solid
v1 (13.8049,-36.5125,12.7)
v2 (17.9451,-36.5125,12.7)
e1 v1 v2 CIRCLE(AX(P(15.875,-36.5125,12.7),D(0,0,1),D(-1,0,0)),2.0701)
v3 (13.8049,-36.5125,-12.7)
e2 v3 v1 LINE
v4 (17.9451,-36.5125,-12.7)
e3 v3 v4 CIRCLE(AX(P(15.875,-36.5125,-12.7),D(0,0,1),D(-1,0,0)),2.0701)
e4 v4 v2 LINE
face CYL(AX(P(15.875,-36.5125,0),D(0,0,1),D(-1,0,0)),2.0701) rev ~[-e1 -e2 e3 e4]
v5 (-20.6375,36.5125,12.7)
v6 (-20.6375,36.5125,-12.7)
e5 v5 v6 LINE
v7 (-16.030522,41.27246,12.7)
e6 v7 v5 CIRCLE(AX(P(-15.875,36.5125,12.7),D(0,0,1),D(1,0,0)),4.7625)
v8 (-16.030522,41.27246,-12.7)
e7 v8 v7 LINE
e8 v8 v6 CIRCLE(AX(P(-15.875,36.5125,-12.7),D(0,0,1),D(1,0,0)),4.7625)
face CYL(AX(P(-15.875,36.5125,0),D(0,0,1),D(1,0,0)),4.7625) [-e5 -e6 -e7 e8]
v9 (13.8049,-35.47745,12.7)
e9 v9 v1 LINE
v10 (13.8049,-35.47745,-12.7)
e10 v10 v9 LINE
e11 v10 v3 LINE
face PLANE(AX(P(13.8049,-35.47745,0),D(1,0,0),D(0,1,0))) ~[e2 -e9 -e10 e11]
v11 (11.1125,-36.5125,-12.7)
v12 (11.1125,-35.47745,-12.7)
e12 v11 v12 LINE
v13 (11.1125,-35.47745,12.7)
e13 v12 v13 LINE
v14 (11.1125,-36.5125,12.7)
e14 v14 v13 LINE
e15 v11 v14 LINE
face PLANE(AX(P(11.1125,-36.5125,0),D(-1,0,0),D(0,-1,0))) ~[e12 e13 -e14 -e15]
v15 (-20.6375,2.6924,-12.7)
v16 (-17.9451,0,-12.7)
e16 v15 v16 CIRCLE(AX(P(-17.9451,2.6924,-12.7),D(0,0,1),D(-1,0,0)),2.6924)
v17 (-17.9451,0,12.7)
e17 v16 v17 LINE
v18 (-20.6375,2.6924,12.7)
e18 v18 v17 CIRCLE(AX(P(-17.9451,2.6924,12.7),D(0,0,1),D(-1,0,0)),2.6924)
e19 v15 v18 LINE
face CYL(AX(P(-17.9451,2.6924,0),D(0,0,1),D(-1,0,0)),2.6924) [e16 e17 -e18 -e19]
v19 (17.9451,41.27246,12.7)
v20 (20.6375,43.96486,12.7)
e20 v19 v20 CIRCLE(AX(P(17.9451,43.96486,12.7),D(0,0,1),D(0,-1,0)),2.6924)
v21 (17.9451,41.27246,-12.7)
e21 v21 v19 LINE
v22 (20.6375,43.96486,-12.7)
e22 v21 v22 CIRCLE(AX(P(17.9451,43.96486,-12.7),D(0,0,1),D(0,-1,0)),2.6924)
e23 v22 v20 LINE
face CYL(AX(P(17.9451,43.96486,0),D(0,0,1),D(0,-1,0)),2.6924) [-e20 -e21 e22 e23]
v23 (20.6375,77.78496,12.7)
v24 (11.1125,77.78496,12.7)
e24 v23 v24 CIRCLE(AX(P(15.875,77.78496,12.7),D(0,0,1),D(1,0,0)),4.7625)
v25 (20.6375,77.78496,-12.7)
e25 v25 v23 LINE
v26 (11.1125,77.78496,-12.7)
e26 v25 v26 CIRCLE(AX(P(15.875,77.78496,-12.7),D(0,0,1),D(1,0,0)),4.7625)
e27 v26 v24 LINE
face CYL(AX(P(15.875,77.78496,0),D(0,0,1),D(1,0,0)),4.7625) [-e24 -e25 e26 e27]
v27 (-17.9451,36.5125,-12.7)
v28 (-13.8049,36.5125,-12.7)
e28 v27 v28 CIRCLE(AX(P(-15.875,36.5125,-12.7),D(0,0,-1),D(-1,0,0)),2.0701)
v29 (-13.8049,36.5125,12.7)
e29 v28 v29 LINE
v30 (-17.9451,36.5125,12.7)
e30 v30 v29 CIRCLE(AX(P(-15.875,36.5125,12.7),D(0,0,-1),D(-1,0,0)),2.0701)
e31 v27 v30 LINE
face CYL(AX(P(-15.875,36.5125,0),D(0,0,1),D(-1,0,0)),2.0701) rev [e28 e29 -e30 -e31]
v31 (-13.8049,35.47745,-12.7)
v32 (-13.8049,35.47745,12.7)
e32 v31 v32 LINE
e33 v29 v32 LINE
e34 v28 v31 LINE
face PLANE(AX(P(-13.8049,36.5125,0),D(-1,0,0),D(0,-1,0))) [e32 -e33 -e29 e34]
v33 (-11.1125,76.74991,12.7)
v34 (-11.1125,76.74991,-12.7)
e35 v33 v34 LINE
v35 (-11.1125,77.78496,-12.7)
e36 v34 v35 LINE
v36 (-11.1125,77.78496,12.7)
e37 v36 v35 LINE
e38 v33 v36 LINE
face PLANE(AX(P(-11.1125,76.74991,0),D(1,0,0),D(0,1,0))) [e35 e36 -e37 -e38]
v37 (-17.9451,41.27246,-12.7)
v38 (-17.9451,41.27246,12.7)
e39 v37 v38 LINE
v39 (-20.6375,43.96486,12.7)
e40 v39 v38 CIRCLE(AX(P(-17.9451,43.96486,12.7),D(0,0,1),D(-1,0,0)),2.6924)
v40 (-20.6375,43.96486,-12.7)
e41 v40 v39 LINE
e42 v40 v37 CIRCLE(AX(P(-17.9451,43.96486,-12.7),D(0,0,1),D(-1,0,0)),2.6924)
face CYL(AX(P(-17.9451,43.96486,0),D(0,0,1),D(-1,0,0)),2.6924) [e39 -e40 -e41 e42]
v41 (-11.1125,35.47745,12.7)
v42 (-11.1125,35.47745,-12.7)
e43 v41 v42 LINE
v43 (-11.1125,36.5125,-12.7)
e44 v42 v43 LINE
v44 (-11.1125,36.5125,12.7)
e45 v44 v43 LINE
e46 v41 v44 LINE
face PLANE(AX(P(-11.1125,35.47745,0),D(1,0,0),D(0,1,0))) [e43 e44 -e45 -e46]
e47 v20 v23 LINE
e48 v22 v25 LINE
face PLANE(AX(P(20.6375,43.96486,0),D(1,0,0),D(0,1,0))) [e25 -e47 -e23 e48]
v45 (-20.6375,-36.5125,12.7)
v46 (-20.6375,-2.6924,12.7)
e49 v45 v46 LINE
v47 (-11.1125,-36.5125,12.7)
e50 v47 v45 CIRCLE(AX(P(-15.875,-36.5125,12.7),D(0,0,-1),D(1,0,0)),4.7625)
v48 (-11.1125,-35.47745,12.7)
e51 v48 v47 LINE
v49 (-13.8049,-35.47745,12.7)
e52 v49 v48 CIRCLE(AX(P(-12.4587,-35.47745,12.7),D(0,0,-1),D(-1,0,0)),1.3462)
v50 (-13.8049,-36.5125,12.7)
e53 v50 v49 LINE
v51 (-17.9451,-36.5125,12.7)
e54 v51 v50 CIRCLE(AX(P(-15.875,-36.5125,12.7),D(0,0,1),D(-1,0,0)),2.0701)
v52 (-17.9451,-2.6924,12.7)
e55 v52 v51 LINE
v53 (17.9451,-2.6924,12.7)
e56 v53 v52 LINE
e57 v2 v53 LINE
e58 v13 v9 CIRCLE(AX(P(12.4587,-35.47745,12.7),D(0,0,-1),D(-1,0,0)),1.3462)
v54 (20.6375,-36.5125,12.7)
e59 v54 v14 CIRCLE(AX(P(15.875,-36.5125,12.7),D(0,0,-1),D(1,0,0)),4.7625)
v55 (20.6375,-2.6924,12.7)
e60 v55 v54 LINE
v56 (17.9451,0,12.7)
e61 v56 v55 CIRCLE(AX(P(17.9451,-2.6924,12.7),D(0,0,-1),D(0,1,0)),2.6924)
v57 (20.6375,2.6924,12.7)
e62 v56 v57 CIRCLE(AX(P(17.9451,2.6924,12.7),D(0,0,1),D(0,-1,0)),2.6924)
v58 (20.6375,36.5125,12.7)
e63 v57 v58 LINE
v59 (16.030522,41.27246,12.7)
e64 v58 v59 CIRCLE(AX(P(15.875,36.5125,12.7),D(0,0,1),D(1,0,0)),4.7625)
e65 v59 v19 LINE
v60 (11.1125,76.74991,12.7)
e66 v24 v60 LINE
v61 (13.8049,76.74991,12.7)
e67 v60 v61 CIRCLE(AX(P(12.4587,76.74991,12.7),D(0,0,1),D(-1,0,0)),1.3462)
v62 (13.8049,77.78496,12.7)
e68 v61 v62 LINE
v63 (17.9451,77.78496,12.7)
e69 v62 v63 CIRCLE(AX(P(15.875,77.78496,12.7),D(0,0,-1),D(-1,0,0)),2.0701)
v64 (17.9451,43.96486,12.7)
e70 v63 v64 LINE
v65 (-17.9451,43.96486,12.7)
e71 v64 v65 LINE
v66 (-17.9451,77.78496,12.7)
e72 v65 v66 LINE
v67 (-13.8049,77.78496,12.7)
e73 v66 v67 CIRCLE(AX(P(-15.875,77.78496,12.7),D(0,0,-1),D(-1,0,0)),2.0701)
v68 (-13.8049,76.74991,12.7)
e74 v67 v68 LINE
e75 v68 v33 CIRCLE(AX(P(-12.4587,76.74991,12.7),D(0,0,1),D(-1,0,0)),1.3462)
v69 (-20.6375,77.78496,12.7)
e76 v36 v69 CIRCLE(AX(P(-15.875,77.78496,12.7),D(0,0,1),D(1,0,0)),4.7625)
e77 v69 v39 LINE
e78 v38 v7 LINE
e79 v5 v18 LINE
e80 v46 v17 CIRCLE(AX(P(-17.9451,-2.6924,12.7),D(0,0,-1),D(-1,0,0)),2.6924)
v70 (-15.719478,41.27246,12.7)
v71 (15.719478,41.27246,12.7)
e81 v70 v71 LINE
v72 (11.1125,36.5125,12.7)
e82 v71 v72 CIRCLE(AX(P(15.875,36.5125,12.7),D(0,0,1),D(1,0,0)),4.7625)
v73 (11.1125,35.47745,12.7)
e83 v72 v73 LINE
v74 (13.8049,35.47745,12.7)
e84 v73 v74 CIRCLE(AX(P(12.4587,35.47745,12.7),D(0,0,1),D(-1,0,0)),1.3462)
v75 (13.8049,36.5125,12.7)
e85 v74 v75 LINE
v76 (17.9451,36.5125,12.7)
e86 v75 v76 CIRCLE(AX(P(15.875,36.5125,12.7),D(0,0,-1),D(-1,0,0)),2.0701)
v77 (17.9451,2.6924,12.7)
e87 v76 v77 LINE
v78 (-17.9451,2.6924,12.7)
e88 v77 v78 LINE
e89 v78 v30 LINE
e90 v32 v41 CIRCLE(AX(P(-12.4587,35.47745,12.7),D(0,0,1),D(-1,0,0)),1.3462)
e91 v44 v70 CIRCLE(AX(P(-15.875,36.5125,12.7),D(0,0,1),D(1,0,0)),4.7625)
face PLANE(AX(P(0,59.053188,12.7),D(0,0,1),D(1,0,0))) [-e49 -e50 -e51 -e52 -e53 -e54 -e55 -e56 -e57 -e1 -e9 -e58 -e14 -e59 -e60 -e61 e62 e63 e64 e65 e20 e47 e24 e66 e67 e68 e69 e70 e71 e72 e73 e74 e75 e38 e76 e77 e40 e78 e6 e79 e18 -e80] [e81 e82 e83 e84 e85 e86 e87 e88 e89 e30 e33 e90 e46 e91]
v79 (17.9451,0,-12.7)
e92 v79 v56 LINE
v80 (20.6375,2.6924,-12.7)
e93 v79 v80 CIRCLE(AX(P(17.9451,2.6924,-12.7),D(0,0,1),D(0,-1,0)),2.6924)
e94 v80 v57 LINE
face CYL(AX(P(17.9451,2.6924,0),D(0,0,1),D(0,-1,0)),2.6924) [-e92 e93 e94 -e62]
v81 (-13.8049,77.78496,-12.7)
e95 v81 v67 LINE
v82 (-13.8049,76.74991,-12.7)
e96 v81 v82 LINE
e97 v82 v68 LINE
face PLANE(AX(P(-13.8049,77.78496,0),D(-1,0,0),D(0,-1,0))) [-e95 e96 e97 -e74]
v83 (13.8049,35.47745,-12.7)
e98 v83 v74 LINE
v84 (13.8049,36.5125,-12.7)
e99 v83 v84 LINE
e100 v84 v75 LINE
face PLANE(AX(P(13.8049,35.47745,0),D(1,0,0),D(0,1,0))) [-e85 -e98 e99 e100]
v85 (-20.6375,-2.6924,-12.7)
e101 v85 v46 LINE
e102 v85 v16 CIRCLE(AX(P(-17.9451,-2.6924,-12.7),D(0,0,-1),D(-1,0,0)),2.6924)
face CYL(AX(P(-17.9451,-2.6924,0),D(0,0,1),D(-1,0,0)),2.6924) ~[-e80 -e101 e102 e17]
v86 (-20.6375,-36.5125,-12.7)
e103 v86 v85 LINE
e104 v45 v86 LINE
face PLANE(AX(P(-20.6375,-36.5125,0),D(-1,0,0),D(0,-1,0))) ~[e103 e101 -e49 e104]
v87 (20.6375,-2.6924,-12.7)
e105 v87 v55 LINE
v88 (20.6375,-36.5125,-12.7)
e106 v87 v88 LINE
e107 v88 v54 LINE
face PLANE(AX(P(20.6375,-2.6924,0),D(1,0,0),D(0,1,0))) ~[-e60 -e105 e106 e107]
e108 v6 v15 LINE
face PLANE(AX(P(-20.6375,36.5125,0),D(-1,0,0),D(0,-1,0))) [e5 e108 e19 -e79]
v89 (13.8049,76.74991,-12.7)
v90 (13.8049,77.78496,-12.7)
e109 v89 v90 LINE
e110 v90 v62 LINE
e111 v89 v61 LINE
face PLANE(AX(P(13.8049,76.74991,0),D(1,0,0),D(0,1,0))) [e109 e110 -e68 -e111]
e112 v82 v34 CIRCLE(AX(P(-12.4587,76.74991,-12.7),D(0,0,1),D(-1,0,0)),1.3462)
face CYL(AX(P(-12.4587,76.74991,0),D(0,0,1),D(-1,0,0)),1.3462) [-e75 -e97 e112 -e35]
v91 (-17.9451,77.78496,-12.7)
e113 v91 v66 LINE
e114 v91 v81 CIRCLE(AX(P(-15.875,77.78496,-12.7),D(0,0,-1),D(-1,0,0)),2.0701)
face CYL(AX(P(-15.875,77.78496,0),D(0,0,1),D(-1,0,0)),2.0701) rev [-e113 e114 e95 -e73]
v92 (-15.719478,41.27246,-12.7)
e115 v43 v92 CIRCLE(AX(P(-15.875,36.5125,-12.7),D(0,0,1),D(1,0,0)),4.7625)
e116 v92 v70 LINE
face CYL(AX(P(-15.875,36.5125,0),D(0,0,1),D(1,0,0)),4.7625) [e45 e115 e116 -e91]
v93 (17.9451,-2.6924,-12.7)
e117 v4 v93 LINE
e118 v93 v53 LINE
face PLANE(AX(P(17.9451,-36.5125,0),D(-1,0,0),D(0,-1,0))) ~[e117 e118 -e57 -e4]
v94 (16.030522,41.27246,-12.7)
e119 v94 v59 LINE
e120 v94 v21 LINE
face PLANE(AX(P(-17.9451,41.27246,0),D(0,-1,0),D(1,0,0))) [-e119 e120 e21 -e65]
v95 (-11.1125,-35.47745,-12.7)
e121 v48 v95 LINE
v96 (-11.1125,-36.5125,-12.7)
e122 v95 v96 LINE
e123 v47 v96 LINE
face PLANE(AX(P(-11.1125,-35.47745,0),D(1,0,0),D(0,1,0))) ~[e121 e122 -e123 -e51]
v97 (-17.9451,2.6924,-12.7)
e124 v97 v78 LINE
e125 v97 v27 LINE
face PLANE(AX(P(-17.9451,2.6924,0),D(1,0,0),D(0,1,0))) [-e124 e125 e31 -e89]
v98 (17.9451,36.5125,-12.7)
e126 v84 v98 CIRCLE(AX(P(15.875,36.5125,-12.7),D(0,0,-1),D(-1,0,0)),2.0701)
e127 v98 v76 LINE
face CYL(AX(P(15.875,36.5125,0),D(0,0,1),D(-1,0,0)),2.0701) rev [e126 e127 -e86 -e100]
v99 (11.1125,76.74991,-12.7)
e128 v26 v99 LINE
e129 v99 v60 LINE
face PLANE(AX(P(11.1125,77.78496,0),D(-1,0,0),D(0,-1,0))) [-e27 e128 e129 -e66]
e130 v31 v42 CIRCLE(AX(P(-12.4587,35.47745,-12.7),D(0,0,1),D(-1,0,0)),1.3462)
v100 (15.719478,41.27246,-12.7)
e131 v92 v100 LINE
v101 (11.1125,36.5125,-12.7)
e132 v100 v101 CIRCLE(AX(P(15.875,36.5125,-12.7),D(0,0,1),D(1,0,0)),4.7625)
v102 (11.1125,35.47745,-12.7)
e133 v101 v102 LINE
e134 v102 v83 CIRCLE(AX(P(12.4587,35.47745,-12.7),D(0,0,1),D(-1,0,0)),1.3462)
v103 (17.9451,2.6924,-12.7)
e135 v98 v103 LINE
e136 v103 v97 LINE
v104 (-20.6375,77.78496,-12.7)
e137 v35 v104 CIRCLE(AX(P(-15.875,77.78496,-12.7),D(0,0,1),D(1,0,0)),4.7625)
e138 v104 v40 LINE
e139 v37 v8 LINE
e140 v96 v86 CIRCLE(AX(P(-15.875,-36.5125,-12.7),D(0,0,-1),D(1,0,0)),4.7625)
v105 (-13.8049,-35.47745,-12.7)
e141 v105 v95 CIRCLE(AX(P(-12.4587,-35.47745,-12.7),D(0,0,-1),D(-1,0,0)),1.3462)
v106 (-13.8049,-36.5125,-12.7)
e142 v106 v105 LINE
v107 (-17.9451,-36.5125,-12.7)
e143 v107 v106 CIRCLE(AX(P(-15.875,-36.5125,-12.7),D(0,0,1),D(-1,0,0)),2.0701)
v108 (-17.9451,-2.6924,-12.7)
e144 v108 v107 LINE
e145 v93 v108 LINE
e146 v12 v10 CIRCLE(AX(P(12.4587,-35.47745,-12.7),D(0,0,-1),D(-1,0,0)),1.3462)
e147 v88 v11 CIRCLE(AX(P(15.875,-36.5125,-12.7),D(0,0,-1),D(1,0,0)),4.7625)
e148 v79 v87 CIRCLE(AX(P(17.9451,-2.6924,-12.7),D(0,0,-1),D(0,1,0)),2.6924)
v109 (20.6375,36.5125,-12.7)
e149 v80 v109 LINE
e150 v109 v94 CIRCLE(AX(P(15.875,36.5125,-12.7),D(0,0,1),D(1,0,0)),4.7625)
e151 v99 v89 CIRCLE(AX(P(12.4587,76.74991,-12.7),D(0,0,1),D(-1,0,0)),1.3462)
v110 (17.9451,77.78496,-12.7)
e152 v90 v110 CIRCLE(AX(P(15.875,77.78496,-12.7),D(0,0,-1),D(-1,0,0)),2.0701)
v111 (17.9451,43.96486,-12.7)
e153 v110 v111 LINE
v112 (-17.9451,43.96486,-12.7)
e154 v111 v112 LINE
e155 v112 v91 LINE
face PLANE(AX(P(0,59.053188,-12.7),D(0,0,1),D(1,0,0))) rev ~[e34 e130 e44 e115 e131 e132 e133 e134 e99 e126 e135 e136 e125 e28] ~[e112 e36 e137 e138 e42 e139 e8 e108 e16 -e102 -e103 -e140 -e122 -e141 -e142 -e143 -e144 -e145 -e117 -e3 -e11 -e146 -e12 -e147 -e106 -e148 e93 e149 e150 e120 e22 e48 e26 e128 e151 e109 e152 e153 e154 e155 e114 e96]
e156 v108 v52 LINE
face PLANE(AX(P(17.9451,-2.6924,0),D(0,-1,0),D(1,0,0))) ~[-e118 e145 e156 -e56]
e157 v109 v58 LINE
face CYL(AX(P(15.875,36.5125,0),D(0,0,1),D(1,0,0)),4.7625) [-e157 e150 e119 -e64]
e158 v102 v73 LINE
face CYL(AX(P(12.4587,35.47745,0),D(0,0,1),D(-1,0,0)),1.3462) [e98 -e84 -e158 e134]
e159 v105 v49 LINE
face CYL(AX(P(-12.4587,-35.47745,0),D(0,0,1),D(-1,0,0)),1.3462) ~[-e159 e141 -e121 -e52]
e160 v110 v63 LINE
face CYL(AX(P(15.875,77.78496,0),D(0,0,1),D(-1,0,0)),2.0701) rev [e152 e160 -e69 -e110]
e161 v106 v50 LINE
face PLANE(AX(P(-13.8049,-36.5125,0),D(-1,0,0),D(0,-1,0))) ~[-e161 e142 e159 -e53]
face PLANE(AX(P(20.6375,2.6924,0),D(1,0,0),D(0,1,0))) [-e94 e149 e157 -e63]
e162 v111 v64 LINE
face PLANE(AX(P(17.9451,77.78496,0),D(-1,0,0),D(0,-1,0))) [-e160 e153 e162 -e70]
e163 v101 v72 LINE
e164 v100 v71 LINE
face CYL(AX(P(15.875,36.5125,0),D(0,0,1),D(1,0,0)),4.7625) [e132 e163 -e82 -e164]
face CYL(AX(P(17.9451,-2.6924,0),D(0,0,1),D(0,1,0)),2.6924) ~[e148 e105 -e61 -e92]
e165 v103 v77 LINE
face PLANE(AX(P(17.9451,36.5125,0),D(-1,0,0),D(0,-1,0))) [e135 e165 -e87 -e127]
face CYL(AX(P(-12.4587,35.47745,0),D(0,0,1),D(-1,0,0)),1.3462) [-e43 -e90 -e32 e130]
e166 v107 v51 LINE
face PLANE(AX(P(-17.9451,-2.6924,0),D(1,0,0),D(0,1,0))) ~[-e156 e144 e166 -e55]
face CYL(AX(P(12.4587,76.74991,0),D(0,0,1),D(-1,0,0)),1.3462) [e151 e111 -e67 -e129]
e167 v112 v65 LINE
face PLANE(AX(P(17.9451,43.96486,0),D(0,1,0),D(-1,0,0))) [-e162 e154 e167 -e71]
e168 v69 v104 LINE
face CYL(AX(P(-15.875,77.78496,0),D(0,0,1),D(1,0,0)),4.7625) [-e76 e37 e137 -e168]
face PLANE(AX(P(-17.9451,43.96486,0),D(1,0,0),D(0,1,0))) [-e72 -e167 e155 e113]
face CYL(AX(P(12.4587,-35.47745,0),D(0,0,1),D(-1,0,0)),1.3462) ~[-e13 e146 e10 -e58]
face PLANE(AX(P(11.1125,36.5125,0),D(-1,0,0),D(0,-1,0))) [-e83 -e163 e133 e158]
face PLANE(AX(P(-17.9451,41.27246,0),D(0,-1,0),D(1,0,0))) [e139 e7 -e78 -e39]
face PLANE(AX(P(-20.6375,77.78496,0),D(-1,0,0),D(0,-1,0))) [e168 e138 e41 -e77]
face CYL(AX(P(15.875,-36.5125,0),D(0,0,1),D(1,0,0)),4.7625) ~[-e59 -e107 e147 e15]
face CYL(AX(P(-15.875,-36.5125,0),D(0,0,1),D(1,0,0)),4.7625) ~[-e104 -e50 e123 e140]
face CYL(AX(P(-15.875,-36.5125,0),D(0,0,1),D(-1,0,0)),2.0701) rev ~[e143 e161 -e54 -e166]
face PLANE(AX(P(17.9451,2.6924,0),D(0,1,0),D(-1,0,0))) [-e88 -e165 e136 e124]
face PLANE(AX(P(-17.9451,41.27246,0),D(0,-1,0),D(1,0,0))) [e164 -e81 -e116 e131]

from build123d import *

# Parameters (mm, degrees)
BASE_EXTRUDE_DEPTH = 12.7
LPATTERN1_COUNT    = 2
LPATTERN1_PITCH    = 41.27246


with BuildPart() as part:
    # Sketch1 → Base-Extrude (new, symmetric)
    with BuildSketch(Plane.XY):
        with BuildLine():
            Line((-20.6375, 36.5125), (-20.6375, 2.6924))
            ThreePointArc((-20.6375, 2.6924), (-19.848914298, 0.788585702), (-17.9451, 0))
            Line((-17.9451, 0), (17.9451, 0))
            ThreePointArc((17.9451, 0), (19.848914298, 0.788585702), (20.6375, 2.6924))
            Line((20.6375, 2.6924), (20.6375, 36.5125))
            ThreePointArc((20.6375, 36.5125), (15.875, 41.275), (11.1125, 36.5125))
            Line((11.1125, 36.5125), (11.1125, 35.47745))
            ThreePointArc((11.1125, 35.47745), (12.4587, 34.13125), (13.8049, 35.47745))
            Line((13.8049, 35.47745), (13.8049, 36.5125))
            ThreePointArc((13.8049, 36.5125), (15.875, 38.5826), (17.9451, 36.5125))
            Line((17.9451, 36.5125), (17.9451, 2.6924))
            Line((17.9451, 2.6924), (-17.9451, 2.6924))
            Line((-17.9451, 2.6924), (-17.9451, 36.5125))
            ThreePointArc((-17.9451, 36.5125), (-15.875, 38.5826), (-13.8049, 36.5125))
            Line((-13.8049, 36.5125), (-13.8049, 35.47745))
            ThreePointArc((-13.8049, 35.47745), (-12.4587, 34.13125), (-11.1125, 35.47745))
            Line((-11.1125, 35.47745), (-11.1125, 36.5125))
            ThreePointArc((-11.1125, 36.5125), (-15.875, 41.275), (-20.6375, 36.5125))
        make_face()
    base_extrude = extrude(amount=BASE_EXTRUDE_DEPTH, both=True)

    # Mirror1: Base-Extrude across plane
    add(base_extrude.mirror(Plane.ZX))

    # LPattern1: Base-Extrude ×2
    with Locations(*[(0, i * LPATTERN1_PITCH, 0) for i in range(1, LPATTERN1_COUNT)]):
        add(base_extrude)


solid = part.part
